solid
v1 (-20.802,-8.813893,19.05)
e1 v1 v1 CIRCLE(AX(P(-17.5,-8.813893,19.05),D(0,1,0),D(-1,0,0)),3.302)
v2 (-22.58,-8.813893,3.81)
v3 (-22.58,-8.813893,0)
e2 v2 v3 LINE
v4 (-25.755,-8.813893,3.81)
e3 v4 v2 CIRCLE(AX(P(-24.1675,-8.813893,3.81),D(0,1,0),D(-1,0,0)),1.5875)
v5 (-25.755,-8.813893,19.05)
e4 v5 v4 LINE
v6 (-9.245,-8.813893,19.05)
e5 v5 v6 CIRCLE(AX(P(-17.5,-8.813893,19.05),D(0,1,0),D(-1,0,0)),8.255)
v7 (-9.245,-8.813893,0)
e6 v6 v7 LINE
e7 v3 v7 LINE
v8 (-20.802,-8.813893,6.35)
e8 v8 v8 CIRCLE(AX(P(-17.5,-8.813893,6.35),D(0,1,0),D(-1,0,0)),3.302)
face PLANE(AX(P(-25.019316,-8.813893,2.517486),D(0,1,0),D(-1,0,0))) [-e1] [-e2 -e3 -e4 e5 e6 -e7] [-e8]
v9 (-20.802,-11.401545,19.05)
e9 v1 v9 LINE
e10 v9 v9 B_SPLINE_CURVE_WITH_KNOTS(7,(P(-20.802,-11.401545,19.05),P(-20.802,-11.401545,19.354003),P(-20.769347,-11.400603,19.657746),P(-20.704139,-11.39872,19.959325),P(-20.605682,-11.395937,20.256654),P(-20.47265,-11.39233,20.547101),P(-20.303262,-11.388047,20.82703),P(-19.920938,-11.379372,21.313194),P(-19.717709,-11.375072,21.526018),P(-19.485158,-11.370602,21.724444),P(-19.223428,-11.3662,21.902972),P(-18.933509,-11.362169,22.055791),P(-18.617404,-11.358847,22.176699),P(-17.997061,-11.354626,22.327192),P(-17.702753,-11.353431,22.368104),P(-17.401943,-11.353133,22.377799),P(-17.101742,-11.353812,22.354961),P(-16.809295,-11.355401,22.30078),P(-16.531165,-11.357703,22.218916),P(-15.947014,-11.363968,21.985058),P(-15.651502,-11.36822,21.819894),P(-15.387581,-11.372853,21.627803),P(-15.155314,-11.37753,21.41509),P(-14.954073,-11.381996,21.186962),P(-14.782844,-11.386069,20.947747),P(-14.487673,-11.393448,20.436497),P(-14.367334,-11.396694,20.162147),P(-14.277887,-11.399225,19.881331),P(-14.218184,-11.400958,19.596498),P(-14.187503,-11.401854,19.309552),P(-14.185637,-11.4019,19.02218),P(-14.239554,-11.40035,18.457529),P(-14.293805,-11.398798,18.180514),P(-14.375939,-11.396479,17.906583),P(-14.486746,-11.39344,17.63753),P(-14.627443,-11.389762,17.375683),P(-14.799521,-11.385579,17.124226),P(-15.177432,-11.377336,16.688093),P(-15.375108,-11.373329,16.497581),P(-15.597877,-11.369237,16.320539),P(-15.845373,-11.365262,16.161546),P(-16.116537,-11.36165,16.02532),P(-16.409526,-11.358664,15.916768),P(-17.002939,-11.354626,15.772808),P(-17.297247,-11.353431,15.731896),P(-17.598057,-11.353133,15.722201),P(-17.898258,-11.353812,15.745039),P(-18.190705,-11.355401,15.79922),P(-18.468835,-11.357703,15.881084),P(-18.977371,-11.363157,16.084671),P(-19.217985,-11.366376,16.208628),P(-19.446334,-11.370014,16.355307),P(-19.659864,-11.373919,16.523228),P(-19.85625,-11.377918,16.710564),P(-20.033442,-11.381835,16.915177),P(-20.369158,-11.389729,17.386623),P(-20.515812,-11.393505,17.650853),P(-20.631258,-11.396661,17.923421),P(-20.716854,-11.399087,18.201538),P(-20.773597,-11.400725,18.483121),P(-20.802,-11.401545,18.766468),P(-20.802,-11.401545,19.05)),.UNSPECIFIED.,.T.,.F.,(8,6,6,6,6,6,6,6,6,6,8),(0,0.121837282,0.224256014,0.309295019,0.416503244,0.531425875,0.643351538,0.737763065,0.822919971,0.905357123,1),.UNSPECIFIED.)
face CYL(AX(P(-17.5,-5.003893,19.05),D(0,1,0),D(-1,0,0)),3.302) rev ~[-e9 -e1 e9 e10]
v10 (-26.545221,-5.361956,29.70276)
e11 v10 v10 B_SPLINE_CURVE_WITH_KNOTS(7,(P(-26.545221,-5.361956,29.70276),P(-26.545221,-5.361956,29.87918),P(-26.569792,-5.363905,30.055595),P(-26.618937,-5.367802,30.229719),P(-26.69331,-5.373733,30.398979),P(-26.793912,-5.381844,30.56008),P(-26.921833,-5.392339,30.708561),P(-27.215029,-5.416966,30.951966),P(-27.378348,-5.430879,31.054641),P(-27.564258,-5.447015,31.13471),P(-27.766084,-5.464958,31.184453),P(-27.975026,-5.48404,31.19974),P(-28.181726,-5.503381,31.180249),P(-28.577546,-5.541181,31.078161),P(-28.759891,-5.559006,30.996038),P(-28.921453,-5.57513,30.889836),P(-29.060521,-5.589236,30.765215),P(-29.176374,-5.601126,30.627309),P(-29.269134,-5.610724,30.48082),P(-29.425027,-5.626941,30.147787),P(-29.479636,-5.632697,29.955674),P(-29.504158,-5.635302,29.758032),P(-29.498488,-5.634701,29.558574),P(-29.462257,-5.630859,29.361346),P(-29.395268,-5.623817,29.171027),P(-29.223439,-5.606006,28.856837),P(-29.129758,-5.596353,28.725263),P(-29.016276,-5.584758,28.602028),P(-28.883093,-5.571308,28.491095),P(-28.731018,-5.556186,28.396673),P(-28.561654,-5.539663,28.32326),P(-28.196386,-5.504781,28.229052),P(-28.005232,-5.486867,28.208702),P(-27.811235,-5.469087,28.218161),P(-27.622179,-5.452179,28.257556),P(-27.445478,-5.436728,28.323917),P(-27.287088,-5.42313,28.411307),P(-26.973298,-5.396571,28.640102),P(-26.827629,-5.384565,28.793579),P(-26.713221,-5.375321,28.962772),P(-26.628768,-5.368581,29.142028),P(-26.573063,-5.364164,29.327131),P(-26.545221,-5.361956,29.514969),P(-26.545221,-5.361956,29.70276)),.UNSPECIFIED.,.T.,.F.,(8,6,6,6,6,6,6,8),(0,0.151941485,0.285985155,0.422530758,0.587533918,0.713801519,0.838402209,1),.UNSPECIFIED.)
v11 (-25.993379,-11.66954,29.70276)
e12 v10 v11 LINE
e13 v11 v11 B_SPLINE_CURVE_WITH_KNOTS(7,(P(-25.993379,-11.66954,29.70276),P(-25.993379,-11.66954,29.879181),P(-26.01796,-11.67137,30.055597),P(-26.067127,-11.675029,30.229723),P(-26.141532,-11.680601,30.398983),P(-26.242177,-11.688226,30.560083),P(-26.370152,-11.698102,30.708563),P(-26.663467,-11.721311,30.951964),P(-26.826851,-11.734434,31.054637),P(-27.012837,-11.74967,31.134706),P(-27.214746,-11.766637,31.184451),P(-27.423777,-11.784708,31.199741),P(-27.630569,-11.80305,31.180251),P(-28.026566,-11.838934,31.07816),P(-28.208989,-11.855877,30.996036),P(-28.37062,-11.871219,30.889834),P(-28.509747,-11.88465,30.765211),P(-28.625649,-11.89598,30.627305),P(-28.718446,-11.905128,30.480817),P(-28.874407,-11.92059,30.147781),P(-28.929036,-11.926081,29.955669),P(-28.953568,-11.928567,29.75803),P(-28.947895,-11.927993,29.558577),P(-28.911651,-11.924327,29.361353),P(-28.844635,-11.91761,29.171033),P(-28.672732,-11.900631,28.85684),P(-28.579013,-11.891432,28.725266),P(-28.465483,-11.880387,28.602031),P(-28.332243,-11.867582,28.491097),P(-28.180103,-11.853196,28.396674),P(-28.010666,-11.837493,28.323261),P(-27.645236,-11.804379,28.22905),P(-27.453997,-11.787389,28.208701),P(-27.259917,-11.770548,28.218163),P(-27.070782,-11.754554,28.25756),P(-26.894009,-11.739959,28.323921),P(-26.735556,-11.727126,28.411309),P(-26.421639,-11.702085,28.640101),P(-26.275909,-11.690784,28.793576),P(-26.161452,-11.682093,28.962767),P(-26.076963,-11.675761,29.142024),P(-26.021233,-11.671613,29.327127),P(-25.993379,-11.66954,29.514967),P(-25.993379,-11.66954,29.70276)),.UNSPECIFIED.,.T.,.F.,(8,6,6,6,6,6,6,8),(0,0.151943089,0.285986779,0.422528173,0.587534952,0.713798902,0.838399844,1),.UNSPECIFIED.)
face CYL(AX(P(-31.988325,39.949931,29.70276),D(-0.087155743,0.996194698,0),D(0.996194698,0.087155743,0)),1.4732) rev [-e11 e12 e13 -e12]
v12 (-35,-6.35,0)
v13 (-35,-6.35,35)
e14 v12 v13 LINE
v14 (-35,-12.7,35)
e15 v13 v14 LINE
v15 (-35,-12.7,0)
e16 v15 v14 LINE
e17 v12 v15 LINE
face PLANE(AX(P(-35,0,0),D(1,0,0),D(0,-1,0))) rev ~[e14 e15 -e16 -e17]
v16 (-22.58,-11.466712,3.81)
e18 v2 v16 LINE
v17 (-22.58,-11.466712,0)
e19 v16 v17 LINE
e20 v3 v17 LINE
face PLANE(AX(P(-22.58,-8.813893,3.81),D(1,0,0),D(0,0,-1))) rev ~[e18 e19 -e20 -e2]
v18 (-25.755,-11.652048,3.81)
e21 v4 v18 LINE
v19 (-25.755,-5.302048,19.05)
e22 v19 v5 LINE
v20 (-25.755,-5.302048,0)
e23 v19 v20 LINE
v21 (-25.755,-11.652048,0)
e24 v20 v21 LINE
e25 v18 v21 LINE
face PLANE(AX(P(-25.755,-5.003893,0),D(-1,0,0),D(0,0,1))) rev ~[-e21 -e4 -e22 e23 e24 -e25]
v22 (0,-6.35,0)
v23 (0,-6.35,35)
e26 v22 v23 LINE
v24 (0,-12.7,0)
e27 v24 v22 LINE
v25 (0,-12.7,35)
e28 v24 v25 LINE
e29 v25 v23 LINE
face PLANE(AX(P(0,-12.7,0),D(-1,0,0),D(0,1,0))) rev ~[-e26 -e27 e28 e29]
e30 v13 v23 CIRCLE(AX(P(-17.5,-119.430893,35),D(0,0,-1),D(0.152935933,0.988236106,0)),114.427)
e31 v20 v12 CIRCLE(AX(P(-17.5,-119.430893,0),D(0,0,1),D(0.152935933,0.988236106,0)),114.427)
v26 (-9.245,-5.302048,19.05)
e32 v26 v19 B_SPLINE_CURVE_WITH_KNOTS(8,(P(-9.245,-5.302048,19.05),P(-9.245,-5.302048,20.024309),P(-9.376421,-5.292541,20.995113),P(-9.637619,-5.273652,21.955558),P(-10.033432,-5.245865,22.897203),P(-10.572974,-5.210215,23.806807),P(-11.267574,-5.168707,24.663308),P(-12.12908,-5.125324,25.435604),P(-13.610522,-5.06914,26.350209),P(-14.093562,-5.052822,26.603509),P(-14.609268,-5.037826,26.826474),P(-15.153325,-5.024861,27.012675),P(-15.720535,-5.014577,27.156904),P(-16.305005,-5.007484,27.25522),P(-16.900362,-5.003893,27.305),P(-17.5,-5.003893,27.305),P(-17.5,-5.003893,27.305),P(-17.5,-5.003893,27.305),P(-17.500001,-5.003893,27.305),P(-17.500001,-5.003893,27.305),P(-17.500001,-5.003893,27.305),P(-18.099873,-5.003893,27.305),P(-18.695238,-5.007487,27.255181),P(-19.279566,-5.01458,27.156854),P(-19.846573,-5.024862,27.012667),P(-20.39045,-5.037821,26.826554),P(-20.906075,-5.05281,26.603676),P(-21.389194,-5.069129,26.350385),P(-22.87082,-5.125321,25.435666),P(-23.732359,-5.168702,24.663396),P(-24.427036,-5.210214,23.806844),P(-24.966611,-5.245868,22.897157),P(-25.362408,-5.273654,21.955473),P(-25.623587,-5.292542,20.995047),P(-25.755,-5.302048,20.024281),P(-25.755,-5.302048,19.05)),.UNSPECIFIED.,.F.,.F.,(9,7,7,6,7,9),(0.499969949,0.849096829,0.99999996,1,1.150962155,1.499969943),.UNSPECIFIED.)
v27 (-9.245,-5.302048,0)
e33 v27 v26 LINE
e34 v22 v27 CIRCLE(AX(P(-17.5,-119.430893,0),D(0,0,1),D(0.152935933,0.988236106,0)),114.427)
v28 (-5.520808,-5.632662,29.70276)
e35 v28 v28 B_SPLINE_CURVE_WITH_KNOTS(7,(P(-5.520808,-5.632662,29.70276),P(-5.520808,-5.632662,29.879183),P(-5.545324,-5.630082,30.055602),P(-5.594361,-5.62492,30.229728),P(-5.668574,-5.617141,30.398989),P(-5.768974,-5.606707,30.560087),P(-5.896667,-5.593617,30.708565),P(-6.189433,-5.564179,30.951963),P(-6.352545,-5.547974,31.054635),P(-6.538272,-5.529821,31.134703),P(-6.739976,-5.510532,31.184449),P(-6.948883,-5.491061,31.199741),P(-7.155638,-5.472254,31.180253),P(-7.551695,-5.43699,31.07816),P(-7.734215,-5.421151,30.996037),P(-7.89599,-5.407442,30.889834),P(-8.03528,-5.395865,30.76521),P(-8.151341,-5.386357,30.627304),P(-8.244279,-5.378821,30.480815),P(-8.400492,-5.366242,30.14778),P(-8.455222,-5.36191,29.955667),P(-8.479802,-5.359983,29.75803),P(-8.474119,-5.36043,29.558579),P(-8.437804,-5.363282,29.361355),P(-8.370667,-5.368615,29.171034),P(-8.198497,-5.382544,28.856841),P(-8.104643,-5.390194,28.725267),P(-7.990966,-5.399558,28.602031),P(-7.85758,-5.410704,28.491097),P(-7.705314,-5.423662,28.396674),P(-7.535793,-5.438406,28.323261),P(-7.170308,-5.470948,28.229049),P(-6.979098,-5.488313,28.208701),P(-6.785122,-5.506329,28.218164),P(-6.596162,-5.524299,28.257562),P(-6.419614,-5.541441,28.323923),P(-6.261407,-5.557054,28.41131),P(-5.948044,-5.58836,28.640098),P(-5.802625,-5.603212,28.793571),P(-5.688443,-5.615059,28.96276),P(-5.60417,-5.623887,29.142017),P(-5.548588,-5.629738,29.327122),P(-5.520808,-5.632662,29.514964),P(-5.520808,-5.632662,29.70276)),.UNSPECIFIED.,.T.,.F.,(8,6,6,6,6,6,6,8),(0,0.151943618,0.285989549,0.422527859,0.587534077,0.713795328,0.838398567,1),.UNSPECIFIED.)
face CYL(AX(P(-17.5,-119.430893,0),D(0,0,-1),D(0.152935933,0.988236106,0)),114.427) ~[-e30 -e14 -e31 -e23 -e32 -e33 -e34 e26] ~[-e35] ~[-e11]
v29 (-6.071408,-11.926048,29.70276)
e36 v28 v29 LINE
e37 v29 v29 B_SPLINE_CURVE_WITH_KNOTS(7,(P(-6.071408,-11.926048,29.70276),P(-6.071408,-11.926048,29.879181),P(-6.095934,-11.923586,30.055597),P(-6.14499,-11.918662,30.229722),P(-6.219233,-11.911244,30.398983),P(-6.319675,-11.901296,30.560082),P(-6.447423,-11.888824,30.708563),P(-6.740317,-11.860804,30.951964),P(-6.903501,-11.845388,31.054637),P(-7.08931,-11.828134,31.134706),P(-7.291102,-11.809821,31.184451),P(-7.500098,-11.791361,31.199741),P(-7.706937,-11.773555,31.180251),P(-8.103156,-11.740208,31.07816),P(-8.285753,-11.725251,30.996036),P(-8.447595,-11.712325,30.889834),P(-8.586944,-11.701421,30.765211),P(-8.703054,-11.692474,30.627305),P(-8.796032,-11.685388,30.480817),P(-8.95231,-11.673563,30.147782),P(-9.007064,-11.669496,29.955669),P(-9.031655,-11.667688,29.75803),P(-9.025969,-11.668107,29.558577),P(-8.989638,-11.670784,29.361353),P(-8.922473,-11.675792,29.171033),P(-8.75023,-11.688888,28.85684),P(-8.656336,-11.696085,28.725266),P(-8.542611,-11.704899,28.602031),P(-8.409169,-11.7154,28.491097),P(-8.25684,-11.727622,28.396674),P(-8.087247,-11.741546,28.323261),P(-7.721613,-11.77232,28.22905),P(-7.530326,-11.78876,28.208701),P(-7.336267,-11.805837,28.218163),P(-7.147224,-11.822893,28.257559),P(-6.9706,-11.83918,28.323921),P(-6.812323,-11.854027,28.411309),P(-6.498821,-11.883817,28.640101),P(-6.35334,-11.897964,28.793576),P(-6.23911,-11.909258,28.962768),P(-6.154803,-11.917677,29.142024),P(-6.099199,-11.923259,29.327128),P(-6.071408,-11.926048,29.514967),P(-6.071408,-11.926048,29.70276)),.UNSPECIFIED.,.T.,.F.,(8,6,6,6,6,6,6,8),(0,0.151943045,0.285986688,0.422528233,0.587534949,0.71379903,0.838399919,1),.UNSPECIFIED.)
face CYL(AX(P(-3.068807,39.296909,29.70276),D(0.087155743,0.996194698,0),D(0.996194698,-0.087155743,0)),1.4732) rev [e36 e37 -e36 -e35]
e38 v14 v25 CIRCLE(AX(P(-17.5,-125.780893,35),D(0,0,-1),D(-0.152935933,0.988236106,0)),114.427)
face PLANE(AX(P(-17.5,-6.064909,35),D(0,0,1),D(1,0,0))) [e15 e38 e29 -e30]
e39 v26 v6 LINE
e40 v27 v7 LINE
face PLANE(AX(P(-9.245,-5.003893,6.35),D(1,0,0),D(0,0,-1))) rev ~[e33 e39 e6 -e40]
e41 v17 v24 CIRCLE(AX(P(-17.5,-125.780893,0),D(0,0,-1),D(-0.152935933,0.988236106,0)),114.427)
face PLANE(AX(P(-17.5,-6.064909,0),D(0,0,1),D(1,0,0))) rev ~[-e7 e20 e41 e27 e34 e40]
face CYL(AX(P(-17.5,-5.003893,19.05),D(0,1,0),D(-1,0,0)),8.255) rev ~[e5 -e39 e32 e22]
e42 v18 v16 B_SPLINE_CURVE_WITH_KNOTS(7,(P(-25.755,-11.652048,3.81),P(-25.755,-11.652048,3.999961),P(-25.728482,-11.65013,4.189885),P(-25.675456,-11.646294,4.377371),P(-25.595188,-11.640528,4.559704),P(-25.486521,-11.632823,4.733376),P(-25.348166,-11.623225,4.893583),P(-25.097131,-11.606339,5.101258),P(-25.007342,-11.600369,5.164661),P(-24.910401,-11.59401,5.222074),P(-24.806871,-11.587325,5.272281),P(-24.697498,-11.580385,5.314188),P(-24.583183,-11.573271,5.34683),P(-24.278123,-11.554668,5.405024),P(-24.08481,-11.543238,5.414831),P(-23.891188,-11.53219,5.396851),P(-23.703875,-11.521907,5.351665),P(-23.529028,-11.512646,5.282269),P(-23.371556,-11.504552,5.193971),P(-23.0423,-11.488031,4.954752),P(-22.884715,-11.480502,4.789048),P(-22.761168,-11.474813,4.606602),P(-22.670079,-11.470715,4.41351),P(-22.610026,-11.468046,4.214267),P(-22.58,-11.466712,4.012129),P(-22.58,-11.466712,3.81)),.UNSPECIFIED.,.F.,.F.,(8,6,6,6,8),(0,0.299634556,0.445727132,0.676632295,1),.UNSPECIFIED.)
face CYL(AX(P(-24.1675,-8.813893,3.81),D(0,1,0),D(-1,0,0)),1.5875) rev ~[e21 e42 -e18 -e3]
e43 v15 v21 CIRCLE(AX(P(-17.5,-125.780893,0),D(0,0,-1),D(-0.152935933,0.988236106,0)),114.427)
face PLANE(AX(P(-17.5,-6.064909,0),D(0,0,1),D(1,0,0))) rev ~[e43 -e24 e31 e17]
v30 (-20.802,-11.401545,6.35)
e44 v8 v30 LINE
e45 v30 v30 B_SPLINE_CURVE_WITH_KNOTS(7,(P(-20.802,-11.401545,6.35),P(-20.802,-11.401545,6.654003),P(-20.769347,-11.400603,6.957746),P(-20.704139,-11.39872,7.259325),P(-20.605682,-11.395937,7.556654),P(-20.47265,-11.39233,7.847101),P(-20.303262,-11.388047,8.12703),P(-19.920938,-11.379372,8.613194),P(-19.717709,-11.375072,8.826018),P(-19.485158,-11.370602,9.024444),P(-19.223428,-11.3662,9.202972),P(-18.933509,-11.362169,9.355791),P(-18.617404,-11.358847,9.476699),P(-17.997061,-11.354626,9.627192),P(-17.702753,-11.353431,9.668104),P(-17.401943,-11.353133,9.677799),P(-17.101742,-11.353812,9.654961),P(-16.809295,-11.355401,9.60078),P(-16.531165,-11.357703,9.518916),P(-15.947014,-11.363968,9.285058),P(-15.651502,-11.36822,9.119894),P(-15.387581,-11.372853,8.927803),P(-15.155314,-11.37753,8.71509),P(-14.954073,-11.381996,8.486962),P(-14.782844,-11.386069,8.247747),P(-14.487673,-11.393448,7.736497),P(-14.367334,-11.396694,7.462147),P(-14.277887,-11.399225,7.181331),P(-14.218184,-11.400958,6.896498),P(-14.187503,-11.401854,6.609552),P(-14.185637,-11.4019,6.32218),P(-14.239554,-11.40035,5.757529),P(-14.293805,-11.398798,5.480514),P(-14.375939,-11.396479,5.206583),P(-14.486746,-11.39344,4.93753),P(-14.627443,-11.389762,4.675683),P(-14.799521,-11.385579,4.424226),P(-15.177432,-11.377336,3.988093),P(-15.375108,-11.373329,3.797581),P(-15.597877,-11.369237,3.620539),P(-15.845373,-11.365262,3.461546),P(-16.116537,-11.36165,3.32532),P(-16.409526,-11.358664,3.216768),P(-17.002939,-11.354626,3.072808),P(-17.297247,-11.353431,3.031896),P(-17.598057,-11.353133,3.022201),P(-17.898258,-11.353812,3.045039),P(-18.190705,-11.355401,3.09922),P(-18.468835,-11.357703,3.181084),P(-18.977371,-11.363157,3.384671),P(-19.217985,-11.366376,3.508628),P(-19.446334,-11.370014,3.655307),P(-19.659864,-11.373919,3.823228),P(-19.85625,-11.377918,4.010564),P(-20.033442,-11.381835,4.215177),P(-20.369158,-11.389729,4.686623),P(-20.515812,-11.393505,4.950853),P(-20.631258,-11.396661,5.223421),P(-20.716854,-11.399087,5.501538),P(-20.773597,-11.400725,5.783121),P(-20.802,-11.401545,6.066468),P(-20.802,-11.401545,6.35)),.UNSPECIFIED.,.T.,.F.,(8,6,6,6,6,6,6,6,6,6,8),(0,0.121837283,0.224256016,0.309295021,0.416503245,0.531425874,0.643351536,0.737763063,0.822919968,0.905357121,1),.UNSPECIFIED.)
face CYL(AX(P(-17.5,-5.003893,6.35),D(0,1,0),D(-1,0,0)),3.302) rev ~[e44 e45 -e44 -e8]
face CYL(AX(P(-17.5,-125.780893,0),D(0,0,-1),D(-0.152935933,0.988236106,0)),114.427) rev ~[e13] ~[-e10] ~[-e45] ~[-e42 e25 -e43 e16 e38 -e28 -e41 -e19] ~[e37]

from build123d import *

# Parameters (mm, degrees)
BOSS_EXTRUDE1_DEPTH     = 35
CUT_EXTRUDE4_DEPTH      = 51.280392475
CUT_EXTRUDE4_DEPTH_BACK = 51.280392475
SKETCH6_R               = 1.4732
CUT_EXTRUDE5_DEPTH      = 51.935908437
CUT_EXTRUDE5_DEPTH_BACK = 51.935908437
SKETCH7_R               = 1.4732
CUT_EXTRUDE6_DEPTH      = 52.100782935
SKETCH10_R              = 3.302
CUT_EXTRUDE7_DEPTH      = 40.880823427
SKETCH10_3_R            = 3.302
CUT_EXTRUDE8_DEPTH      = 3.81
CUT_EXTRUDE9_DEPTH      = 50.649791979


with BuildPart() as part:
    # Sketch1 → Boss-Extrude1 (new body)
    with BuildSketch(Plane.XY):
        with BuildLine():
            Line((0, -12.7), (0, 0))
            Line((0, 0), (-35, 0))
            Line((-35, 0), (-35, -12.7))
            ThreePointArc((-35, -12.7), (-17.5, -11.353892856), (0, -12.7))
        make_face()
    extrude(amount=BOSS_EXTRUDE1_DEPTH)

    # Sketch6 → Cut-Extrude4 (cut, two sides: drawn at the far end of the back side and taken through both)
    with BuildSketch(Plane(origin=(-1.080773401, -12.353296496, 0), x_dir=(0.9961946980917455, -0.08715574274765824, 0), z_dir=(-0.08715574274765824, -0.9961946980917455, 0)).offset(-CUT_EXTRUDE4_DEPTH_BACK)):
        with Locations((-6.482080767, 29.70276)):
            Circle(SKETCH6_R)
    extrude(amount=CUT_EXTRUDE4_DEPTH + CUT_EXTRUDE4_DEPTH_BACK, mode=Mode.SUBTRACT)

    # Sketch7 → Cut-Extrude5 (cut, two sides: drawn at the far end of the back side and taken through both)
    with BuildSketch(Plane(origin=(0.814909078, -9.314453387, 0), x_dir=(0.9961946980917455, 0.08715574274765851, 0), z_dir=(0.08715574274765851, -0.9961946980917455, 0)).offset(-CUT_EXTRUDE5_DEPTH_BACK)):
        with Locations((-28.384733667, 29.70276)):
            Circle(SKETCH7_R)
    extrude(amount=CUT_EXTRUDE5_DEPTH + CUT_EXTRUDE5_DEPTH_BACK, mode=Mode.SUBTRACT)

    # Sketch8 → Cut-Extrude6 (cut, through all)
    with BuildSketch(Plane(origin=(0, 0, 0), x_dir=(-1, 0, 0), z_dir=(0, 0, -1))):
        with BuildLine():
            ThreePointArc((0, -6.35), (17.5, -5.003892856), (35, -6.35))
            Line((35, -6.35), (35, 0))
            Line((35, 0), (0, 0))
            Line((0, 0), (0, -6.35))
        make_face()
    extrude(amount=-CUT_EXTRUDE6_DEPTH, mode=Mode.SUBTRACT)

    # Sketch10 → Cut-Extrude7 (cut, through all)
    with BuildSketch(Plane(origin=(-17.5, -5.003892856, 0), x_dir=(-1, 0, 0), z_dir=(0, 1, 0))):
        with Locations((0, 19.05)):
            Circle(SKETCH10_R)
        with Locations((0, 6.35)):
            Circle(SKETCH10_R)
    extrude(amount=-CUT_EXTRUDE7_DEPTH, mode=Mode.SUBTRACT)

    # Sketch10<3> → Cut-Extrude8 (cut)
    with BuildSketch(Plane(origin=(-17.5, -5.003892856, 0), x_dir=(-1, 0, 0), z_dir=(0, 1, 0))):
        with BuildLine():
            Line((-8.255, 19.05), (-8.255, -2.465000046))
            Line((-8.255, -2.465000046), (8.255, -2.465000046))
            Line((8.255, -2.465000046), (8.255, 19.05))
            ThreePointArc((8.255, 19.05), (0, 27.305), (-8.255, 19.05))
        make_face()
        with Locations((0, 6.35)):
            Circle(SKETCH10_3_R, mode=Mode.SUBTRACT)
        with Locations((0, 19.05)):
            Circle(SKETCH10_3_R, mode=Mode.SUBTRACT)
    extrude(amount=-CUT_EXTRUDE8_DEPTH, mode=Mode.SUBTRACT)

    # Sketch11 → Cut-Extrude9 (cut, through all)
    with BuildSketch(Plane(origin=(0, -8.813892856, 0), x_dir=(1, 0, 0), z_dir=(0, 1, 0))):
        with BuildLine():
            Line((-22.58, -3.81), (-22.58, 0))
            Line((-22.58, 0), (-25.755, 0))
            Line((-25.755, 0), (-25.755, -3.81))
            ThreePointArc((-25.755, -3.81), (-24.1675, -5.3975), (-22.58, -3.81))
        make_face()
    extrude(amount=-CUT_EXTRUDE9_DEPTH, mode=Mode.SUBTRACT)


solid = part.part
